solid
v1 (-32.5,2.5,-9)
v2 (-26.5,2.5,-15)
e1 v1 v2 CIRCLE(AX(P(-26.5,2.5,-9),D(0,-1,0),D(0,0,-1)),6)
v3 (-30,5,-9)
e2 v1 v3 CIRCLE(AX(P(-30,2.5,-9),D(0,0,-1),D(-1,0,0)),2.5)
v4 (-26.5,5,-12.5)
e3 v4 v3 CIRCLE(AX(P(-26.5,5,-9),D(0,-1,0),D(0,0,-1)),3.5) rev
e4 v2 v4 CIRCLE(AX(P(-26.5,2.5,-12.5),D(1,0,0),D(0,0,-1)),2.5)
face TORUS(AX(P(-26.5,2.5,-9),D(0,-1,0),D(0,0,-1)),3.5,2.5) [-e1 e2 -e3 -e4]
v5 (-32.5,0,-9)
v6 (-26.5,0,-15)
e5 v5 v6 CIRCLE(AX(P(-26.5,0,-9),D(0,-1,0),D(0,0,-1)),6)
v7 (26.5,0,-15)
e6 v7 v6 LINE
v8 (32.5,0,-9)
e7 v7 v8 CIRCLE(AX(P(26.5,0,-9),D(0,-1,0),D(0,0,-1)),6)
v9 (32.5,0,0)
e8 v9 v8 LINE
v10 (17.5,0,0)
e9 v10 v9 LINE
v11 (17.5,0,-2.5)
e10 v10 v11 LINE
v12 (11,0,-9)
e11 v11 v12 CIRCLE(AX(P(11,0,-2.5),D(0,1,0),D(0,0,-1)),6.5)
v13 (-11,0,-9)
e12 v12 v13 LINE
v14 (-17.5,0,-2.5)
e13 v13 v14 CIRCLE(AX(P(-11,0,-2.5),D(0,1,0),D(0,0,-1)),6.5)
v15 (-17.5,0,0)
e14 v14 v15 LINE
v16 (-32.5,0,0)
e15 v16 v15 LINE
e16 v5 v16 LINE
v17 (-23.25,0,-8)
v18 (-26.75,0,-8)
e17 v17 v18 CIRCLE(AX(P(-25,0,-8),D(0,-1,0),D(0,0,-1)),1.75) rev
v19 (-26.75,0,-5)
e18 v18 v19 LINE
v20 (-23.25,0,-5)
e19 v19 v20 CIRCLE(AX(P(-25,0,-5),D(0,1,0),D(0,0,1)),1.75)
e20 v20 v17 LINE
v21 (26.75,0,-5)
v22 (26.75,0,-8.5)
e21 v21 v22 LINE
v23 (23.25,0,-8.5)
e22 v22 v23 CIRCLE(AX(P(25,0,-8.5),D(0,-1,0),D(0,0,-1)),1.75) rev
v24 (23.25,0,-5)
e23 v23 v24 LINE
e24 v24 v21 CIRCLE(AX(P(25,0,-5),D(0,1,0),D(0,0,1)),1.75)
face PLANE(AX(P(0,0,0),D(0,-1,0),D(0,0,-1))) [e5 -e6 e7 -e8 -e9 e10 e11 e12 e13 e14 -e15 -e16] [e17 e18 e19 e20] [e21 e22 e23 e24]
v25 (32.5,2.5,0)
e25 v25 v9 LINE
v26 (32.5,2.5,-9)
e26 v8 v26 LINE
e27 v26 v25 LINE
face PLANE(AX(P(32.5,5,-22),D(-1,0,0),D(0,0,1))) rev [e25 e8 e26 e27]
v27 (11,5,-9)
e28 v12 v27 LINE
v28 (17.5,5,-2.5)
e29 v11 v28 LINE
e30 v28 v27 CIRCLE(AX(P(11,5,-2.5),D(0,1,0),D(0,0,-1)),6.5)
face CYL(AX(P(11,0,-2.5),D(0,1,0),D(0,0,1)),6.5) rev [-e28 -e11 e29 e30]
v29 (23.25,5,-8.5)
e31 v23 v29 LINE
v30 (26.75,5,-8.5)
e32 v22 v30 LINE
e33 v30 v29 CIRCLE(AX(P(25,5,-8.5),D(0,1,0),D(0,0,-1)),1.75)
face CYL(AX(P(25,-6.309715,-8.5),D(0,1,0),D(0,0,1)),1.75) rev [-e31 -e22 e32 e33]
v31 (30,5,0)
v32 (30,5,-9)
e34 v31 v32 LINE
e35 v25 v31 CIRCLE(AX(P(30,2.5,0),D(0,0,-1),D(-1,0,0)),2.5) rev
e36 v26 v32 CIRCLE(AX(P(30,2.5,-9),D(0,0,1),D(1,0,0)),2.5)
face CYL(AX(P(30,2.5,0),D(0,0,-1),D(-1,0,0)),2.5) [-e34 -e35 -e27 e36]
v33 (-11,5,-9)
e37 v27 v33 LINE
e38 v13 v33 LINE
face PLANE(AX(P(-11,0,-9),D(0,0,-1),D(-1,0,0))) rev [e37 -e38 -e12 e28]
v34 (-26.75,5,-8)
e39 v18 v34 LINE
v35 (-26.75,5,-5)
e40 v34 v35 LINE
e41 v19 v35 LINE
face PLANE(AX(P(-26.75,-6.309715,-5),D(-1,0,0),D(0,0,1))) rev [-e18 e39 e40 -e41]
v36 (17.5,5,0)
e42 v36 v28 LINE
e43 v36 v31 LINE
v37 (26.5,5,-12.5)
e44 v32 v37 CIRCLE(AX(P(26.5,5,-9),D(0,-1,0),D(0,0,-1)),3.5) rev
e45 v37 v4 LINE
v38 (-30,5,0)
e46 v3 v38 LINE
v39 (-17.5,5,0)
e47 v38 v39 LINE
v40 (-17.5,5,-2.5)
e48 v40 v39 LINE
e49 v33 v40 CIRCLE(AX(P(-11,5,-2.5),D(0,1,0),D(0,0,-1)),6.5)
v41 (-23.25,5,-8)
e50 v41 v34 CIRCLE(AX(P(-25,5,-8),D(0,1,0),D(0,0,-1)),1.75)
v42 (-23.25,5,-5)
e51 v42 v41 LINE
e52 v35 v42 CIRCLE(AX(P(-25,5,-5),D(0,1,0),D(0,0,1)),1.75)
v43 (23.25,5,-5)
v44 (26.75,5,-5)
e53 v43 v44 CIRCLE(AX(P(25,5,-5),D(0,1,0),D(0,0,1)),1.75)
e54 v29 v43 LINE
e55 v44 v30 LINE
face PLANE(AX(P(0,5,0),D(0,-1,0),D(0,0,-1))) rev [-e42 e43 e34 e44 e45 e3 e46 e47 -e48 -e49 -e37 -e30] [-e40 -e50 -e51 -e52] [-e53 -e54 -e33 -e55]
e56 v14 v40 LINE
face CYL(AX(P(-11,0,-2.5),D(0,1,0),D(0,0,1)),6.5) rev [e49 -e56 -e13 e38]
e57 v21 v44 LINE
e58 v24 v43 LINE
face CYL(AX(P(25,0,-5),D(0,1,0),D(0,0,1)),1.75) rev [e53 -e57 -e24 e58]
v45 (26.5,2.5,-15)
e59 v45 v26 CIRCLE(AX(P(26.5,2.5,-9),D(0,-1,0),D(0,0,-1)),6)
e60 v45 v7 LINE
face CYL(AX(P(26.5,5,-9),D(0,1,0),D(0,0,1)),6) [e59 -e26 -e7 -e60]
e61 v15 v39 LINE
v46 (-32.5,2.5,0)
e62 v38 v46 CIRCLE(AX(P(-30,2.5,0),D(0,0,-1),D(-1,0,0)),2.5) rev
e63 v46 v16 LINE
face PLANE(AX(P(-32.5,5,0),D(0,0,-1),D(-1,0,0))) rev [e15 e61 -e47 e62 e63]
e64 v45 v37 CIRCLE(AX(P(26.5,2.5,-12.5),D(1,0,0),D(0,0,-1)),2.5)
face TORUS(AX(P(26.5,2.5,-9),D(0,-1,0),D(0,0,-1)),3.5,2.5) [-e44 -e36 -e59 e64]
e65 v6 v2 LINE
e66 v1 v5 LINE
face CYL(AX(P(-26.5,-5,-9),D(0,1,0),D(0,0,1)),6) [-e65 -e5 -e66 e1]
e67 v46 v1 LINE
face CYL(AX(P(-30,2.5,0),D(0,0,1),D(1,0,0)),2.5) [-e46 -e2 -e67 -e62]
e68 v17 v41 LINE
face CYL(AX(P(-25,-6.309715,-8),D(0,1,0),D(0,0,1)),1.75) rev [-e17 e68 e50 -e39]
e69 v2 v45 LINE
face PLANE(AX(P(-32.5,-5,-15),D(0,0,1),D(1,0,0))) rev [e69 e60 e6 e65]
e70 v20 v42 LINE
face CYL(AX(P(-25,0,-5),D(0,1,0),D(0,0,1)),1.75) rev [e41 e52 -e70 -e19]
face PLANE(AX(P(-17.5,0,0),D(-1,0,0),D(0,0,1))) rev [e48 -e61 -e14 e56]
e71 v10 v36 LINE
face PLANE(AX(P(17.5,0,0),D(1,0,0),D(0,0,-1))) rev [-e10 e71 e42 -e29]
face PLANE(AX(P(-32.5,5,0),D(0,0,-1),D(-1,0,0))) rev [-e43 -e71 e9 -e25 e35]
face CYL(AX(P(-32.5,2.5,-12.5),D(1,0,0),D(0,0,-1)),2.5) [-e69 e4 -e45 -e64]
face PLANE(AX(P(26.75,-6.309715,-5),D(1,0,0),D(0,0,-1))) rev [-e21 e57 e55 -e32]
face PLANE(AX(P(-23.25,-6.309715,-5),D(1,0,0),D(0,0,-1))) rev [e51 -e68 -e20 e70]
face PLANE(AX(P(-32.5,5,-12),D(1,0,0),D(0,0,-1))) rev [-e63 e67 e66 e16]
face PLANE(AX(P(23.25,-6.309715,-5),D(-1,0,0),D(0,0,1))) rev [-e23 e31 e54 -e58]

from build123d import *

# Parameters (mm, degrees)
BOSS_EXTRUDE1_DEPTH = 5
SKETCH4_R           = 1.75
CUT_EXTRUDE1_DEPTH  = 5
CUT_EXTRUDE2_DEPTH  = 5
SKETCH6_R           = 1.75
BOSS_EXTRUDE2_DEPTH = 5
SKETCH7_W           = 65
SKETCH7_H           = 7
CUT_EXTRUDE3_DEPTH  = 10
FILLET1_R           = 6
FILLET2_R           = 2.5


with BuildPart() as part:
    # Sketch3 → Boss-Extrude1 (new body)
    with BuildSketch(Plane(origin=(0, 0, 0), x_dir=(1, 0, 0), z_dir=(0, 1, 0))):
        Polygon((-32.5, 12), (-32.5, 22), (-22.5, 22), (22.5, 22), (32.5, 22), (32.5, 12), (32.5, 0), (-32.5, 0), align=None)
    extrude(amount=BOSS_EXTRUDE1_DEPTH)

    # Sketch4 → Cut-Extrude1 (cut)
    with BuildSketch(Plane(origin=(0, 5, 0), x_dir=(1, 0, 0), z_dir=(0, 1, 0))):
        with Locations(Location((-25, 5, 0), (0, 0, 270))):
            Circle(SKETCH4_R)
        with Locations(Location((0, 15.5, 0), (0, 0, 270))):
            Circle(SKETCH4_R)
        with Locations(Location((25, 5, 0), (0, 0, 270))):
            Circle(SKETCH4_R)
        with BuildLine():
            Line((-17.5, 0), (17.5, 0))
            Line((17.5, 0), (17.5, 2.5))
            ThreePointArc((17.5, 2.5), (15.596194078, 7.096194078), (11, 9))
            Line((11, 9), (-11, 9))
            ThreePointArc((-11, 9), (-15.596194078, 7.096194078), (-17.5, 2.5))
            Line((-17.5, 2.5), (-17.5, 0))
        make_face()
    extrude(amount=-CUT_EXTRUDE1_DEPTH, mode=Mode.SUBTRACT)

    # Sketch5 → Cut-Extrude2 (cut)
    with BuildSketch(Plane(origin=(0, 5, 0), x_dir=(1, 0, 0), z_dir=(0, 1, 0))):
        with BuildLine():
            Line((-26.75, 5), (-26.75, 8))
            ThreePointArc((-26.75, 8), (-25, 9.75), (-23.25, 8))
            Line((-23.25, 8), (-23.25, 5))
            Line((-23.25, 5), (-26.75, 5))
        make_face()
        with BuildLine():
            Line((23.25, 5), (26.75, 5))
            Line((26.75, 5), (26.75, 8.5))
            ThreePointArc((26.75, 8.5), (25, 10.25), (23.25, 8.5))
            Line((23.25, 8.5), (23.25, 5))
        make_face()
    extrude(amount=-CUT_EXTRUDE2_DEPTH, mode=Mode.SUBTRACT)

    # Sketch6 → Boss-Extrude2 (add)
    with BuildSketch(Plane(origin=(0, 5, 0), x_dir=(1, 0, 0), z_dir=(0, 1, 0))):
        with Locations((0, 15.5)):
            Circle(SKETCH6_R)
    extrude(amount=-BOSS_EXTRUDE2_DEPTH)

    # Sketch7 → Cut-Extrude3 (cut)
    with BuildSketch(Plane(origin=(0, 5, 0), x_dir=(1, 0, 0), z_dir=(0, 1, 0))):
        with Locations((0, 18.5)):
            Rectangle(SKETCH7_W, SKETCH7_H)
    extrude(amount=-CUT_EXTRUDE3_DEPTH, mode=Mode.SUBTRACT)

    # Fillet1
    fillet1_edges = [part.edges().sort_by_distance(p)[0] for p in [
        (-32.5, 2.5, -15),
        (32.5, 2.5, -15),
    ]]
    fillet(fillet1_edges, radius=FILLET1_R)

    # Fillet2
    fillet2_edges = [part.edges().sort_by_distance(p)[0] for p in [
        (0, 5, -15),
        (-32.5, 5, -4.5),
        (-30.742640687, 5, -13.242640687),
        (30.742640687, 5, -13.242640687),
        (32.5, 5, -4.5),
    ]]
    fillet(fillet2_edges, radius=FILLET2_R)


solid = part.part
